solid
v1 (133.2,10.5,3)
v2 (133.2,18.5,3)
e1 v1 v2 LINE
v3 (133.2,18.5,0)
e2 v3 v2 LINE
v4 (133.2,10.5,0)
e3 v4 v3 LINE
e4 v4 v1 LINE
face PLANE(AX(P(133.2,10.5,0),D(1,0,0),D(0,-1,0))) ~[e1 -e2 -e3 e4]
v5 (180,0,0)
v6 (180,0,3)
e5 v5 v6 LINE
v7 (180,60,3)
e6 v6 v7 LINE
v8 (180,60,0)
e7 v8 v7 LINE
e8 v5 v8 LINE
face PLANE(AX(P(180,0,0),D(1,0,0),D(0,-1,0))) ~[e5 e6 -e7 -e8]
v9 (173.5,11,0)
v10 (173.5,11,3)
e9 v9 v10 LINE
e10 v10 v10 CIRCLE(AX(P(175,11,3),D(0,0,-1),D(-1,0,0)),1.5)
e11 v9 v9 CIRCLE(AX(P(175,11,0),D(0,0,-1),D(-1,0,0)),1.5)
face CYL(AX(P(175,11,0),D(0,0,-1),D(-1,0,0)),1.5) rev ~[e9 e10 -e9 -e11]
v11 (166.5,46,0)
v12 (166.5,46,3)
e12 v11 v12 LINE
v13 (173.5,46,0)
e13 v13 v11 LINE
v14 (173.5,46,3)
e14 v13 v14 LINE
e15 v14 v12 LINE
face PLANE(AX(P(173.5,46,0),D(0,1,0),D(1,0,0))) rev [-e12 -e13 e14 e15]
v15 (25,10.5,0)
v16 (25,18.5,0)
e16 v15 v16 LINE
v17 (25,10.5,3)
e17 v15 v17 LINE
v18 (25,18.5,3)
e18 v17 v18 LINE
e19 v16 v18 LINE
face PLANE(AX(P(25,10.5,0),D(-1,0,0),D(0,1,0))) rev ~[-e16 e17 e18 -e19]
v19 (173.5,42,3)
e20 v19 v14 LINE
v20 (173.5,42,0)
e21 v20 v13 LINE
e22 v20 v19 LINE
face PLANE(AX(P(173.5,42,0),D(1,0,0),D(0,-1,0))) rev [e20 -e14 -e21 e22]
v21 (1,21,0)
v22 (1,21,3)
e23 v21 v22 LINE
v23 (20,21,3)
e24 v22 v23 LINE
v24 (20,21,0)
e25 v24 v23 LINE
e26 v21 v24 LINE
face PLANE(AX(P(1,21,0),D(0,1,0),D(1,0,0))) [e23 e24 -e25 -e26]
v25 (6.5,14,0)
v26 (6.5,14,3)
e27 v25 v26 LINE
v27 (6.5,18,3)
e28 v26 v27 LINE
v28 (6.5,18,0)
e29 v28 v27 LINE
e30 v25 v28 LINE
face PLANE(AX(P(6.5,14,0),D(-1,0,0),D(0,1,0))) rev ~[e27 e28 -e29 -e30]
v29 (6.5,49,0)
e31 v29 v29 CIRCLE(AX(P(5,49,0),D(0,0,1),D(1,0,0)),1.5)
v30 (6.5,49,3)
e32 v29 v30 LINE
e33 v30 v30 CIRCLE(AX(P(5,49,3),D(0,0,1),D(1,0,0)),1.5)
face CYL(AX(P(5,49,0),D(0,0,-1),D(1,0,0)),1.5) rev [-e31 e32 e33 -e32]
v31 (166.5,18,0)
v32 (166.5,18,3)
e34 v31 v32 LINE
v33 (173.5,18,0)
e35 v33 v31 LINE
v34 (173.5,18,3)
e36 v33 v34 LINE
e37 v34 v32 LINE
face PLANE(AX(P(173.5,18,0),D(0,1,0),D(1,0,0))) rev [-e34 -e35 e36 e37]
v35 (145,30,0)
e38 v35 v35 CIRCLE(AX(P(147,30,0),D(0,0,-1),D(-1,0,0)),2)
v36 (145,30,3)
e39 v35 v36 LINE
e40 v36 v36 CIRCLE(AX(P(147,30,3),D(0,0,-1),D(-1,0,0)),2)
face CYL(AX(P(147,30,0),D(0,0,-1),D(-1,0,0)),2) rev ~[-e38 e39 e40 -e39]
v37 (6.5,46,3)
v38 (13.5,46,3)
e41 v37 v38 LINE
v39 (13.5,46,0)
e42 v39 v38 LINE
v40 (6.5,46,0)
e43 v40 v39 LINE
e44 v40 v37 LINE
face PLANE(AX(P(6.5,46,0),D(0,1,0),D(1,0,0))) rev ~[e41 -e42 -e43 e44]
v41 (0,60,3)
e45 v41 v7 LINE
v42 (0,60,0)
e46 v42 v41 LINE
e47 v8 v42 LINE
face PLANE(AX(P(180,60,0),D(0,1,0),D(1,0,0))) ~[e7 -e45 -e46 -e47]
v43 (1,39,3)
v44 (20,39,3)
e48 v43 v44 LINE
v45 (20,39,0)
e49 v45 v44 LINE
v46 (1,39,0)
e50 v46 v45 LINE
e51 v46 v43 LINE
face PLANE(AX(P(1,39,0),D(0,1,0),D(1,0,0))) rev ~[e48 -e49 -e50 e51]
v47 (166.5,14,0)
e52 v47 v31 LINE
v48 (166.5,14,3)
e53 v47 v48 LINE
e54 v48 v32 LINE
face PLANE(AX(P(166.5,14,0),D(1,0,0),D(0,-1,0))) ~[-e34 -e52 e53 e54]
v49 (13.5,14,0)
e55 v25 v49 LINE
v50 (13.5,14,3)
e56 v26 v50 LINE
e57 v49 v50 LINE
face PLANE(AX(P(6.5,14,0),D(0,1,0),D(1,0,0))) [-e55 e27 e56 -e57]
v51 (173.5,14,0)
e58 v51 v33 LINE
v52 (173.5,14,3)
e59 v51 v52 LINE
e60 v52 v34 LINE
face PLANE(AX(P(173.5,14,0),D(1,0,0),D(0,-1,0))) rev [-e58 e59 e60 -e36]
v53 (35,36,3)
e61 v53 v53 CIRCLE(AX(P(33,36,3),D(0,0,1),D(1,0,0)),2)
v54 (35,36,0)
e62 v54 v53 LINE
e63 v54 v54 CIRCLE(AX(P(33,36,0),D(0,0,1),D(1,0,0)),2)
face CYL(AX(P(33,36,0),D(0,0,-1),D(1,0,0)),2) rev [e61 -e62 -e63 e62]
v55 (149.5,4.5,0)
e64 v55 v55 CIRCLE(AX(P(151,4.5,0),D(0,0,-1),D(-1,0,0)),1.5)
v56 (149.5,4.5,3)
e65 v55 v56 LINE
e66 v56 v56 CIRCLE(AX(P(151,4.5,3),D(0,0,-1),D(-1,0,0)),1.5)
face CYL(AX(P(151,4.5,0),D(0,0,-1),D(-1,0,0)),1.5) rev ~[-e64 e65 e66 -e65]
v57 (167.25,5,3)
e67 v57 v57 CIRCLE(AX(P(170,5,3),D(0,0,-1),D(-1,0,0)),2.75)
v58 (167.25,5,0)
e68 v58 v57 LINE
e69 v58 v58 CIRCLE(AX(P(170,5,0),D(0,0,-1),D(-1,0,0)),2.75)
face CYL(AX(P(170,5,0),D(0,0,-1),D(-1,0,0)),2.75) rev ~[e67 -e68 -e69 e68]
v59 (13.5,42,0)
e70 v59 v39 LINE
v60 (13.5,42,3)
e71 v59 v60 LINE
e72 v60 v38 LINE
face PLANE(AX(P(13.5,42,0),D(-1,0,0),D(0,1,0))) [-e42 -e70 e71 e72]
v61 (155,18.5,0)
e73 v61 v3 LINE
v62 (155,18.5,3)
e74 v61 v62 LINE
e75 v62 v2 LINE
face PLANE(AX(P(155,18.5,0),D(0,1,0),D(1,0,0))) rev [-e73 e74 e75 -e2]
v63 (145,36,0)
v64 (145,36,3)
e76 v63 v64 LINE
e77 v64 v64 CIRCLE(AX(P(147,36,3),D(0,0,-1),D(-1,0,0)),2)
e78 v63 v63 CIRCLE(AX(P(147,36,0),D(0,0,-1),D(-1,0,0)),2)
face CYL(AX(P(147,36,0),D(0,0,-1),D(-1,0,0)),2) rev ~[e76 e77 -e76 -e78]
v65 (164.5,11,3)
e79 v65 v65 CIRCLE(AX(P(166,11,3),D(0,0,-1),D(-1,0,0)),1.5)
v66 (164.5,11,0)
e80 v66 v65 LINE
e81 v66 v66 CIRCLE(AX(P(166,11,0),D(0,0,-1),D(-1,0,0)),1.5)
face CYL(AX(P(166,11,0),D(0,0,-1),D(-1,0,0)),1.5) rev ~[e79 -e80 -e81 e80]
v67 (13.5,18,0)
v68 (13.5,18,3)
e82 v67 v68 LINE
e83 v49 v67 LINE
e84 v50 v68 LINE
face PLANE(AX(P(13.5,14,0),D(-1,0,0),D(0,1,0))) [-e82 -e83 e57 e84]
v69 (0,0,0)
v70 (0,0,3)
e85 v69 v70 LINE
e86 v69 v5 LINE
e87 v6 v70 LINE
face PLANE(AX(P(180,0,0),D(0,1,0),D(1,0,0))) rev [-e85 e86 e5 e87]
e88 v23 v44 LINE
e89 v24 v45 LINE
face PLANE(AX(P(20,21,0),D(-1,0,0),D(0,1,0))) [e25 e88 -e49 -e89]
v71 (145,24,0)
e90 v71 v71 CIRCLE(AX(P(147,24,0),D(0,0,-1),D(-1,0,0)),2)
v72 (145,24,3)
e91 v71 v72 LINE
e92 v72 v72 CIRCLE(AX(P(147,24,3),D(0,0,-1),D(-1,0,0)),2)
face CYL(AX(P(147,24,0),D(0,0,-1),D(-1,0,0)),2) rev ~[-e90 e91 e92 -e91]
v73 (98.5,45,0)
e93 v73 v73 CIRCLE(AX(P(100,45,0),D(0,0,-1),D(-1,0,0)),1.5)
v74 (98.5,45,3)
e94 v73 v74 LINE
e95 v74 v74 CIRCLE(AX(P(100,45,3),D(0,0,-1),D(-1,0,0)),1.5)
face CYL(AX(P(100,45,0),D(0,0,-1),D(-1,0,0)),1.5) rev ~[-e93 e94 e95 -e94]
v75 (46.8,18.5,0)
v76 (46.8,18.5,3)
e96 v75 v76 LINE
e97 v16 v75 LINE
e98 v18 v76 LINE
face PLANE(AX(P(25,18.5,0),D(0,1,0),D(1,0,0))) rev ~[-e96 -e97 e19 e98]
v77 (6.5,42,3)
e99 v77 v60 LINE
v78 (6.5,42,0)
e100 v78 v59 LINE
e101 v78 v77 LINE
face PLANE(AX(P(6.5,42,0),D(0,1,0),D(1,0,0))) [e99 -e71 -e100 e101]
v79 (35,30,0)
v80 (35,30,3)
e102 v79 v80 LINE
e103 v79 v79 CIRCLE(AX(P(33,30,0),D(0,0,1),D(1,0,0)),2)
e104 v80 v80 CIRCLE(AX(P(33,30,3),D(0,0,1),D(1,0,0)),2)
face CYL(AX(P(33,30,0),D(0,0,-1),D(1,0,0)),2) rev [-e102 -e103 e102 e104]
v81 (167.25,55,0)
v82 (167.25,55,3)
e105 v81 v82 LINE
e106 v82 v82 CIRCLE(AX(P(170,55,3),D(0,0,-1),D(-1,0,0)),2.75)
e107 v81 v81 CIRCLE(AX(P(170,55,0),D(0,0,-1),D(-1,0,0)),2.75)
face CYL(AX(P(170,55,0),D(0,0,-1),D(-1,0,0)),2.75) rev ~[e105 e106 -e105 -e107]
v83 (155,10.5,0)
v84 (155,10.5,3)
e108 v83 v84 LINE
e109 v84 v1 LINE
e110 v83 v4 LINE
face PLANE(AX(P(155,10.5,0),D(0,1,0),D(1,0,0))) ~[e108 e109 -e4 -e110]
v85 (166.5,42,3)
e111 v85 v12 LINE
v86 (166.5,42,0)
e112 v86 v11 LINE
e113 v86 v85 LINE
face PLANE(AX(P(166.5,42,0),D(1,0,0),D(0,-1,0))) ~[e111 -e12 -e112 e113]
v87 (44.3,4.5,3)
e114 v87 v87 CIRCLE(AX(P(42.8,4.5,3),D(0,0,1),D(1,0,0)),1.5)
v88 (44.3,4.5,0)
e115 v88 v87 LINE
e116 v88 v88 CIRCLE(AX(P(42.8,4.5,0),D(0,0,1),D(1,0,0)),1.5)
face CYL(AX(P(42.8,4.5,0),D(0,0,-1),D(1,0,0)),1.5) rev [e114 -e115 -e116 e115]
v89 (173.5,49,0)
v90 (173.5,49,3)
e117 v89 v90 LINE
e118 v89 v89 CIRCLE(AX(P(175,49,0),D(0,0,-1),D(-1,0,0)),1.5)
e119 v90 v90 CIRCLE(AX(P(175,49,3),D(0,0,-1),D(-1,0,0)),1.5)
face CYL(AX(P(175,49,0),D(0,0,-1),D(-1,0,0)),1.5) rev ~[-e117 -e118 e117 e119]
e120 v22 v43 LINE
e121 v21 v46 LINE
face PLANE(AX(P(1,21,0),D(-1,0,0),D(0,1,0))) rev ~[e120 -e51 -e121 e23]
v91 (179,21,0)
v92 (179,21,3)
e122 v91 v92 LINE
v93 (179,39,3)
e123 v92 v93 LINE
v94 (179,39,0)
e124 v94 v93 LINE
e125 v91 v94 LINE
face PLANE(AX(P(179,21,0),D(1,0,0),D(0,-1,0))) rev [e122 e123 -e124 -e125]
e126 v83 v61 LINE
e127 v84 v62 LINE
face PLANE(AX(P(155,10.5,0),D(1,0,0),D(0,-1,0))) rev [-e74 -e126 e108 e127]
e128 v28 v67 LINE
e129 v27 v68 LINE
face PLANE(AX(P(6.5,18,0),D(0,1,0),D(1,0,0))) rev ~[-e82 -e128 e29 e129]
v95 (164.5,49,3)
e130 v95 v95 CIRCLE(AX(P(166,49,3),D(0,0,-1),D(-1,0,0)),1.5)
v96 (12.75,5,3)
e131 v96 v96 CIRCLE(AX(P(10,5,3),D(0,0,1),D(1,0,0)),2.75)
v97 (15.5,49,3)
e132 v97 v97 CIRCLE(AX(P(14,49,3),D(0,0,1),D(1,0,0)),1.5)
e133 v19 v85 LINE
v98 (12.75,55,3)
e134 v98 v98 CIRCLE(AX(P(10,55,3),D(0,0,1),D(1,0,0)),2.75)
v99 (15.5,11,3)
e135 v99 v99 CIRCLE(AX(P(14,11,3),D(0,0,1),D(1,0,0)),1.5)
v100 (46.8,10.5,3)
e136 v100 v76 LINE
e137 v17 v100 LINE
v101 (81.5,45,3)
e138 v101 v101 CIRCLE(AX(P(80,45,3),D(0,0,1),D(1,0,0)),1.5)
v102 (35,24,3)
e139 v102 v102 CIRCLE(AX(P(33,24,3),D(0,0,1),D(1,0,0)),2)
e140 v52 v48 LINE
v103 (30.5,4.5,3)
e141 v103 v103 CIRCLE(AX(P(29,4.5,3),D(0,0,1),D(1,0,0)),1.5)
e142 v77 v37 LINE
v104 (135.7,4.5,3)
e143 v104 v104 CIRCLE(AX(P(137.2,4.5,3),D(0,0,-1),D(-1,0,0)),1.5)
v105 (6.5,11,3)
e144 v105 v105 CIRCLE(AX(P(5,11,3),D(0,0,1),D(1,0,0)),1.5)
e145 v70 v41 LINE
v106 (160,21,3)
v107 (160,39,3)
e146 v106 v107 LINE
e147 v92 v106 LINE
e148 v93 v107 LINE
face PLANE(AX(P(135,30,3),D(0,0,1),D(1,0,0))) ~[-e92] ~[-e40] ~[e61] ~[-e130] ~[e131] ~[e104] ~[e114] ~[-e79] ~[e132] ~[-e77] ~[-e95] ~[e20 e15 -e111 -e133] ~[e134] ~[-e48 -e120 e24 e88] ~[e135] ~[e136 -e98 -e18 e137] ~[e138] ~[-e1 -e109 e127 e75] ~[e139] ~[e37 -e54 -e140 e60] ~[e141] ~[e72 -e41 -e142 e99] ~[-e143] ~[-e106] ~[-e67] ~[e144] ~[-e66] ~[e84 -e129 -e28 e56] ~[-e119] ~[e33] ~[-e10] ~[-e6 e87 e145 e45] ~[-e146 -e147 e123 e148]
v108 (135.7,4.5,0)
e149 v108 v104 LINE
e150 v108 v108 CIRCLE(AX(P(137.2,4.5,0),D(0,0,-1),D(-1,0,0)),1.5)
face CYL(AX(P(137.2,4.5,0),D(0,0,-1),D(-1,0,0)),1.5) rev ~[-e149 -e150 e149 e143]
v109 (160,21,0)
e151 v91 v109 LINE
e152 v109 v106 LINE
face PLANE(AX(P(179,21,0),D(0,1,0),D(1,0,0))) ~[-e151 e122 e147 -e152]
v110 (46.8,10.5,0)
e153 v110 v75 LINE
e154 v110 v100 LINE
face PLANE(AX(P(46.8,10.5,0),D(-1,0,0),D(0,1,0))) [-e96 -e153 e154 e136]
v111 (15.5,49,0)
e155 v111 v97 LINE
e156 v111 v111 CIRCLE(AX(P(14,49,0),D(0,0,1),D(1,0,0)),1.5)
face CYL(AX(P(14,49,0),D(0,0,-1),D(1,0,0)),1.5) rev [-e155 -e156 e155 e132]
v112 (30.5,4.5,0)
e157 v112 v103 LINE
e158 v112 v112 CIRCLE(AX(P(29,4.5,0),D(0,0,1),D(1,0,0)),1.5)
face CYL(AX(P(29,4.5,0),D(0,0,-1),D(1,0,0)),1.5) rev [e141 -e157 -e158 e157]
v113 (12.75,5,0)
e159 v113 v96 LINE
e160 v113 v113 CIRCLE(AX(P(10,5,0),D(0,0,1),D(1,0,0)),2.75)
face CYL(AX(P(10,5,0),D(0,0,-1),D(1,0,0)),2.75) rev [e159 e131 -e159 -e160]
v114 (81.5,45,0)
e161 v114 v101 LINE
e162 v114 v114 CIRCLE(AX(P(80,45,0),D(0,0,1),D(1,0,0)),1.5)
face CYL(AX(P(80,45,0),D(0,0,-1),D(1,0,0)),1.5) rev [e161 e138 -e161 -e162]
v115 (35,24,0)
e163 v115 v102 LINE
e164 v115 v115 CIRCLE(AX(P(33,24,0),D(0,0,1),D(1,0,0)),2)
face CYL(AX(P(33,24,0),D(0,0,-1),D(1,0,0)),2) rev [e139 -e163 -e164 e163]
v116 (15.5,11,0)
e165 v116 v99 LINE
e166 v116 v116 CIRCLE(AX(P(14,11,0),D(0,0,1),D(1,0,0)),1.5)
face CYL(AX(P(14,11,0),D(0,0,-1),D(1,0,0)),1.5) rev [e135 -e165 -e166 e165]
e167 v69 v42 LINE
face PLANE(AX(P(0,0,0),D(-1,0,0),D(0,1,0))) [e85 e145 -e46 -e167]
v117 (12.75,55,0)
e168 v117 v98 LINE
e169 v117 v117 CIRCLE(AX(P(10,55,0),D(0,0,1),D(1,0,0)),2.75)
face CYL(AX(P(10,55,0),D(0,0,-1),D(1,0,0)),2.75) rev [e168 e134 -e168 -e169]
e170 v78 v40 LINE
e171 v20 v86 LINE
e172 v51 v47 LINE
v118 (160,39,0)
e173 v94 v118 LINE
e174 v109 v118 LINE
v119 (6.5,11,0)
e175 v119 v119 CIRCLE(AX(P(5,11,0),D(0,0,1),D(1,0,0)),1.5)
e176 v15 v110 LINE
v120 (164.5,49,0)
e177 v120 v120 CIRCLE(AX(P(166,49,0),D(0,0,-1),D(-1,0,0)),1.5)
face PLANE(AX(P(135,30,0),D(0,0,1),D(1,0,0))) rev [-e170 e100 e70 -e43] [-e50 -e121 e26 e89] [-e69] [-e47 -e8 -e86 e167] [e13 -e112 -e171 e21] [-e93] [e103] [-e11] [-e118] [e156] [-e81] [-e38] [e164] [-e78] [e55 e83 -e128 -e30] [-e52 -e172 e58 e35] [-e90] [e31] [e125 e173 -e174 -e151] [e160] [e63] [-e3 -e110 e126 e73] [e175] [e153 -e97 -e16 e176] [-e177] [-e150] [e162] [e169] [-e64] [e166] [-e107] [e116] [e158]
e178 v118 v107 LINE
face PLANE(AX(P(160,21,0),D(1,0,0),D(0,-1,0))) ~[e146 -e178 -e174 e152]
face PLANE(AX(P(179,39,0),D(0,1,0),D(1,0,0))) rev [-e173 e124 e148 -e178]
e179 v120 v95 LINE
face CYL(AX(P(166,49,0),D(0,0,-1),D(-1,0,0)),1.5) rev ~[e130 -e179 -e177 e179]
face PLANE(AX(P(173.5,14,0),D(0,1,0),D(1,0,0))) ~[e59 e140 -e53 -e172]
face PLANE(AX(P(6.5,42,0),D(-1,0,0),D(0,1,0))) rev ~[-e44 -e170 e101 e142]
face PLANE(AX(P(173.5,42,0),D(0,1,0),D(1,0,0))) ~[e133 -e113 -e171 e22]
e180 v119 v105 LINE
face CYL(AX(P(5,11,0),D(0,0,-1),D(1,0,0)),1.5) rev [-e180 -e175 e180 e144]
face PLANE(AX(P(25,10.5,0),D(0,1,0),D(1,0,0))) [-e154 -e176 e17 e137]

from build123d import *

# Parameters (mm, degrees)
SKETCH_W   = 90
SKETCH_H   = 60
SKETCH_R   = 2.75
SKETCH_R_2 = 2
SKETCH_R_3 = 1.5
SKETCH_W_2 = 7
SKETCH_H_2 = 4
SKETCH_W_3 = 19
SKETCH_H_3 = 18
SKETCH_W_4 = 21.8
SKETCH_H_4 = 8
PAD_DEPTH  = 3


with BuildPart() as part:
    # Sketch → Pad (new body)
    with BuildSketch(Plane.XY):
        with Locations((45, 30)):
            Rectangle(SKETCH_W, SKETCH_H)
        with Locations((10, 5)):
            Circle(SKETCH_R, mode=Mode.SUBTRACT)
        with Locations((33, 24)):
            Circle(SKETCH_R_2, mode=Mode.SUBTRACT)
        with Locations((33, 36)):
            Circle(SKETCH_R_2, mode=Mode.SUBTRACT)
        with Locations((33, 30)):
            Circle(SKETCH_R_2, mode=Mode.SUBTRACT)
        with Locations((10, 55)):
            Circle(SKETCH_R, mode=Mode.SUBTRACT)
        with Locations((14, 11)):
            Circle(SKETCH_R_3, mode=Mode.SUBTRACT)
        with Locations((5, 11)):
            Circle(SKETCH_R_3, mode=Mode.SUBTRACT)
        with Locations((14, 49)):
            Circle(SKETCH_R_3, mode=Mode.SUBTRACT)
        with Locations((5, 49)):
            Circle(SKETCH_R_3, mode=Mode.SUBTRACT)
        with Locations((80, 45)):
            Circle(SKETCH_R_3, mode=Mode.SUBTRACT)
        with Locations((29, 4.5)):
            Circle(SKETCH_R_3, mode=Mode.SUBTRACT)
        with Locations((42.8, 4.5)):
            Circle(SKETCH_R_3, mode=Mode.SUBTRACT)
        with Locations((10, 16)):
            Rectangle(SKETCH_W_2, SKETCH_H_2, mode=Mode.SUBTRACT)
        with Locations((10, 44)):
            Rectangle(SKETCH_W_2, SKETCH_H_2, mode=Mode.SUBTRACT)
        with Locations((10.5, 30)):
            Rectangle(SKETCH_W_3, SKETCH_H_3, mode=Mode.SUBTRACT)
        with Locations((35.9, 14.5)):
            Rectangle(SKETCH_W_4, SKETCH_H_4, mode=Mode.SUBTRACT)
    pad = extrude(amount=PAD_DEPTH)

    # Mirrored: Pad across face of Pad
    add(pad.mirror(Plane(origin=(90, 30, 1.5), x_dir=(0, 1, 0), z_dir=(1, 0, 0))))


solid = part.part
